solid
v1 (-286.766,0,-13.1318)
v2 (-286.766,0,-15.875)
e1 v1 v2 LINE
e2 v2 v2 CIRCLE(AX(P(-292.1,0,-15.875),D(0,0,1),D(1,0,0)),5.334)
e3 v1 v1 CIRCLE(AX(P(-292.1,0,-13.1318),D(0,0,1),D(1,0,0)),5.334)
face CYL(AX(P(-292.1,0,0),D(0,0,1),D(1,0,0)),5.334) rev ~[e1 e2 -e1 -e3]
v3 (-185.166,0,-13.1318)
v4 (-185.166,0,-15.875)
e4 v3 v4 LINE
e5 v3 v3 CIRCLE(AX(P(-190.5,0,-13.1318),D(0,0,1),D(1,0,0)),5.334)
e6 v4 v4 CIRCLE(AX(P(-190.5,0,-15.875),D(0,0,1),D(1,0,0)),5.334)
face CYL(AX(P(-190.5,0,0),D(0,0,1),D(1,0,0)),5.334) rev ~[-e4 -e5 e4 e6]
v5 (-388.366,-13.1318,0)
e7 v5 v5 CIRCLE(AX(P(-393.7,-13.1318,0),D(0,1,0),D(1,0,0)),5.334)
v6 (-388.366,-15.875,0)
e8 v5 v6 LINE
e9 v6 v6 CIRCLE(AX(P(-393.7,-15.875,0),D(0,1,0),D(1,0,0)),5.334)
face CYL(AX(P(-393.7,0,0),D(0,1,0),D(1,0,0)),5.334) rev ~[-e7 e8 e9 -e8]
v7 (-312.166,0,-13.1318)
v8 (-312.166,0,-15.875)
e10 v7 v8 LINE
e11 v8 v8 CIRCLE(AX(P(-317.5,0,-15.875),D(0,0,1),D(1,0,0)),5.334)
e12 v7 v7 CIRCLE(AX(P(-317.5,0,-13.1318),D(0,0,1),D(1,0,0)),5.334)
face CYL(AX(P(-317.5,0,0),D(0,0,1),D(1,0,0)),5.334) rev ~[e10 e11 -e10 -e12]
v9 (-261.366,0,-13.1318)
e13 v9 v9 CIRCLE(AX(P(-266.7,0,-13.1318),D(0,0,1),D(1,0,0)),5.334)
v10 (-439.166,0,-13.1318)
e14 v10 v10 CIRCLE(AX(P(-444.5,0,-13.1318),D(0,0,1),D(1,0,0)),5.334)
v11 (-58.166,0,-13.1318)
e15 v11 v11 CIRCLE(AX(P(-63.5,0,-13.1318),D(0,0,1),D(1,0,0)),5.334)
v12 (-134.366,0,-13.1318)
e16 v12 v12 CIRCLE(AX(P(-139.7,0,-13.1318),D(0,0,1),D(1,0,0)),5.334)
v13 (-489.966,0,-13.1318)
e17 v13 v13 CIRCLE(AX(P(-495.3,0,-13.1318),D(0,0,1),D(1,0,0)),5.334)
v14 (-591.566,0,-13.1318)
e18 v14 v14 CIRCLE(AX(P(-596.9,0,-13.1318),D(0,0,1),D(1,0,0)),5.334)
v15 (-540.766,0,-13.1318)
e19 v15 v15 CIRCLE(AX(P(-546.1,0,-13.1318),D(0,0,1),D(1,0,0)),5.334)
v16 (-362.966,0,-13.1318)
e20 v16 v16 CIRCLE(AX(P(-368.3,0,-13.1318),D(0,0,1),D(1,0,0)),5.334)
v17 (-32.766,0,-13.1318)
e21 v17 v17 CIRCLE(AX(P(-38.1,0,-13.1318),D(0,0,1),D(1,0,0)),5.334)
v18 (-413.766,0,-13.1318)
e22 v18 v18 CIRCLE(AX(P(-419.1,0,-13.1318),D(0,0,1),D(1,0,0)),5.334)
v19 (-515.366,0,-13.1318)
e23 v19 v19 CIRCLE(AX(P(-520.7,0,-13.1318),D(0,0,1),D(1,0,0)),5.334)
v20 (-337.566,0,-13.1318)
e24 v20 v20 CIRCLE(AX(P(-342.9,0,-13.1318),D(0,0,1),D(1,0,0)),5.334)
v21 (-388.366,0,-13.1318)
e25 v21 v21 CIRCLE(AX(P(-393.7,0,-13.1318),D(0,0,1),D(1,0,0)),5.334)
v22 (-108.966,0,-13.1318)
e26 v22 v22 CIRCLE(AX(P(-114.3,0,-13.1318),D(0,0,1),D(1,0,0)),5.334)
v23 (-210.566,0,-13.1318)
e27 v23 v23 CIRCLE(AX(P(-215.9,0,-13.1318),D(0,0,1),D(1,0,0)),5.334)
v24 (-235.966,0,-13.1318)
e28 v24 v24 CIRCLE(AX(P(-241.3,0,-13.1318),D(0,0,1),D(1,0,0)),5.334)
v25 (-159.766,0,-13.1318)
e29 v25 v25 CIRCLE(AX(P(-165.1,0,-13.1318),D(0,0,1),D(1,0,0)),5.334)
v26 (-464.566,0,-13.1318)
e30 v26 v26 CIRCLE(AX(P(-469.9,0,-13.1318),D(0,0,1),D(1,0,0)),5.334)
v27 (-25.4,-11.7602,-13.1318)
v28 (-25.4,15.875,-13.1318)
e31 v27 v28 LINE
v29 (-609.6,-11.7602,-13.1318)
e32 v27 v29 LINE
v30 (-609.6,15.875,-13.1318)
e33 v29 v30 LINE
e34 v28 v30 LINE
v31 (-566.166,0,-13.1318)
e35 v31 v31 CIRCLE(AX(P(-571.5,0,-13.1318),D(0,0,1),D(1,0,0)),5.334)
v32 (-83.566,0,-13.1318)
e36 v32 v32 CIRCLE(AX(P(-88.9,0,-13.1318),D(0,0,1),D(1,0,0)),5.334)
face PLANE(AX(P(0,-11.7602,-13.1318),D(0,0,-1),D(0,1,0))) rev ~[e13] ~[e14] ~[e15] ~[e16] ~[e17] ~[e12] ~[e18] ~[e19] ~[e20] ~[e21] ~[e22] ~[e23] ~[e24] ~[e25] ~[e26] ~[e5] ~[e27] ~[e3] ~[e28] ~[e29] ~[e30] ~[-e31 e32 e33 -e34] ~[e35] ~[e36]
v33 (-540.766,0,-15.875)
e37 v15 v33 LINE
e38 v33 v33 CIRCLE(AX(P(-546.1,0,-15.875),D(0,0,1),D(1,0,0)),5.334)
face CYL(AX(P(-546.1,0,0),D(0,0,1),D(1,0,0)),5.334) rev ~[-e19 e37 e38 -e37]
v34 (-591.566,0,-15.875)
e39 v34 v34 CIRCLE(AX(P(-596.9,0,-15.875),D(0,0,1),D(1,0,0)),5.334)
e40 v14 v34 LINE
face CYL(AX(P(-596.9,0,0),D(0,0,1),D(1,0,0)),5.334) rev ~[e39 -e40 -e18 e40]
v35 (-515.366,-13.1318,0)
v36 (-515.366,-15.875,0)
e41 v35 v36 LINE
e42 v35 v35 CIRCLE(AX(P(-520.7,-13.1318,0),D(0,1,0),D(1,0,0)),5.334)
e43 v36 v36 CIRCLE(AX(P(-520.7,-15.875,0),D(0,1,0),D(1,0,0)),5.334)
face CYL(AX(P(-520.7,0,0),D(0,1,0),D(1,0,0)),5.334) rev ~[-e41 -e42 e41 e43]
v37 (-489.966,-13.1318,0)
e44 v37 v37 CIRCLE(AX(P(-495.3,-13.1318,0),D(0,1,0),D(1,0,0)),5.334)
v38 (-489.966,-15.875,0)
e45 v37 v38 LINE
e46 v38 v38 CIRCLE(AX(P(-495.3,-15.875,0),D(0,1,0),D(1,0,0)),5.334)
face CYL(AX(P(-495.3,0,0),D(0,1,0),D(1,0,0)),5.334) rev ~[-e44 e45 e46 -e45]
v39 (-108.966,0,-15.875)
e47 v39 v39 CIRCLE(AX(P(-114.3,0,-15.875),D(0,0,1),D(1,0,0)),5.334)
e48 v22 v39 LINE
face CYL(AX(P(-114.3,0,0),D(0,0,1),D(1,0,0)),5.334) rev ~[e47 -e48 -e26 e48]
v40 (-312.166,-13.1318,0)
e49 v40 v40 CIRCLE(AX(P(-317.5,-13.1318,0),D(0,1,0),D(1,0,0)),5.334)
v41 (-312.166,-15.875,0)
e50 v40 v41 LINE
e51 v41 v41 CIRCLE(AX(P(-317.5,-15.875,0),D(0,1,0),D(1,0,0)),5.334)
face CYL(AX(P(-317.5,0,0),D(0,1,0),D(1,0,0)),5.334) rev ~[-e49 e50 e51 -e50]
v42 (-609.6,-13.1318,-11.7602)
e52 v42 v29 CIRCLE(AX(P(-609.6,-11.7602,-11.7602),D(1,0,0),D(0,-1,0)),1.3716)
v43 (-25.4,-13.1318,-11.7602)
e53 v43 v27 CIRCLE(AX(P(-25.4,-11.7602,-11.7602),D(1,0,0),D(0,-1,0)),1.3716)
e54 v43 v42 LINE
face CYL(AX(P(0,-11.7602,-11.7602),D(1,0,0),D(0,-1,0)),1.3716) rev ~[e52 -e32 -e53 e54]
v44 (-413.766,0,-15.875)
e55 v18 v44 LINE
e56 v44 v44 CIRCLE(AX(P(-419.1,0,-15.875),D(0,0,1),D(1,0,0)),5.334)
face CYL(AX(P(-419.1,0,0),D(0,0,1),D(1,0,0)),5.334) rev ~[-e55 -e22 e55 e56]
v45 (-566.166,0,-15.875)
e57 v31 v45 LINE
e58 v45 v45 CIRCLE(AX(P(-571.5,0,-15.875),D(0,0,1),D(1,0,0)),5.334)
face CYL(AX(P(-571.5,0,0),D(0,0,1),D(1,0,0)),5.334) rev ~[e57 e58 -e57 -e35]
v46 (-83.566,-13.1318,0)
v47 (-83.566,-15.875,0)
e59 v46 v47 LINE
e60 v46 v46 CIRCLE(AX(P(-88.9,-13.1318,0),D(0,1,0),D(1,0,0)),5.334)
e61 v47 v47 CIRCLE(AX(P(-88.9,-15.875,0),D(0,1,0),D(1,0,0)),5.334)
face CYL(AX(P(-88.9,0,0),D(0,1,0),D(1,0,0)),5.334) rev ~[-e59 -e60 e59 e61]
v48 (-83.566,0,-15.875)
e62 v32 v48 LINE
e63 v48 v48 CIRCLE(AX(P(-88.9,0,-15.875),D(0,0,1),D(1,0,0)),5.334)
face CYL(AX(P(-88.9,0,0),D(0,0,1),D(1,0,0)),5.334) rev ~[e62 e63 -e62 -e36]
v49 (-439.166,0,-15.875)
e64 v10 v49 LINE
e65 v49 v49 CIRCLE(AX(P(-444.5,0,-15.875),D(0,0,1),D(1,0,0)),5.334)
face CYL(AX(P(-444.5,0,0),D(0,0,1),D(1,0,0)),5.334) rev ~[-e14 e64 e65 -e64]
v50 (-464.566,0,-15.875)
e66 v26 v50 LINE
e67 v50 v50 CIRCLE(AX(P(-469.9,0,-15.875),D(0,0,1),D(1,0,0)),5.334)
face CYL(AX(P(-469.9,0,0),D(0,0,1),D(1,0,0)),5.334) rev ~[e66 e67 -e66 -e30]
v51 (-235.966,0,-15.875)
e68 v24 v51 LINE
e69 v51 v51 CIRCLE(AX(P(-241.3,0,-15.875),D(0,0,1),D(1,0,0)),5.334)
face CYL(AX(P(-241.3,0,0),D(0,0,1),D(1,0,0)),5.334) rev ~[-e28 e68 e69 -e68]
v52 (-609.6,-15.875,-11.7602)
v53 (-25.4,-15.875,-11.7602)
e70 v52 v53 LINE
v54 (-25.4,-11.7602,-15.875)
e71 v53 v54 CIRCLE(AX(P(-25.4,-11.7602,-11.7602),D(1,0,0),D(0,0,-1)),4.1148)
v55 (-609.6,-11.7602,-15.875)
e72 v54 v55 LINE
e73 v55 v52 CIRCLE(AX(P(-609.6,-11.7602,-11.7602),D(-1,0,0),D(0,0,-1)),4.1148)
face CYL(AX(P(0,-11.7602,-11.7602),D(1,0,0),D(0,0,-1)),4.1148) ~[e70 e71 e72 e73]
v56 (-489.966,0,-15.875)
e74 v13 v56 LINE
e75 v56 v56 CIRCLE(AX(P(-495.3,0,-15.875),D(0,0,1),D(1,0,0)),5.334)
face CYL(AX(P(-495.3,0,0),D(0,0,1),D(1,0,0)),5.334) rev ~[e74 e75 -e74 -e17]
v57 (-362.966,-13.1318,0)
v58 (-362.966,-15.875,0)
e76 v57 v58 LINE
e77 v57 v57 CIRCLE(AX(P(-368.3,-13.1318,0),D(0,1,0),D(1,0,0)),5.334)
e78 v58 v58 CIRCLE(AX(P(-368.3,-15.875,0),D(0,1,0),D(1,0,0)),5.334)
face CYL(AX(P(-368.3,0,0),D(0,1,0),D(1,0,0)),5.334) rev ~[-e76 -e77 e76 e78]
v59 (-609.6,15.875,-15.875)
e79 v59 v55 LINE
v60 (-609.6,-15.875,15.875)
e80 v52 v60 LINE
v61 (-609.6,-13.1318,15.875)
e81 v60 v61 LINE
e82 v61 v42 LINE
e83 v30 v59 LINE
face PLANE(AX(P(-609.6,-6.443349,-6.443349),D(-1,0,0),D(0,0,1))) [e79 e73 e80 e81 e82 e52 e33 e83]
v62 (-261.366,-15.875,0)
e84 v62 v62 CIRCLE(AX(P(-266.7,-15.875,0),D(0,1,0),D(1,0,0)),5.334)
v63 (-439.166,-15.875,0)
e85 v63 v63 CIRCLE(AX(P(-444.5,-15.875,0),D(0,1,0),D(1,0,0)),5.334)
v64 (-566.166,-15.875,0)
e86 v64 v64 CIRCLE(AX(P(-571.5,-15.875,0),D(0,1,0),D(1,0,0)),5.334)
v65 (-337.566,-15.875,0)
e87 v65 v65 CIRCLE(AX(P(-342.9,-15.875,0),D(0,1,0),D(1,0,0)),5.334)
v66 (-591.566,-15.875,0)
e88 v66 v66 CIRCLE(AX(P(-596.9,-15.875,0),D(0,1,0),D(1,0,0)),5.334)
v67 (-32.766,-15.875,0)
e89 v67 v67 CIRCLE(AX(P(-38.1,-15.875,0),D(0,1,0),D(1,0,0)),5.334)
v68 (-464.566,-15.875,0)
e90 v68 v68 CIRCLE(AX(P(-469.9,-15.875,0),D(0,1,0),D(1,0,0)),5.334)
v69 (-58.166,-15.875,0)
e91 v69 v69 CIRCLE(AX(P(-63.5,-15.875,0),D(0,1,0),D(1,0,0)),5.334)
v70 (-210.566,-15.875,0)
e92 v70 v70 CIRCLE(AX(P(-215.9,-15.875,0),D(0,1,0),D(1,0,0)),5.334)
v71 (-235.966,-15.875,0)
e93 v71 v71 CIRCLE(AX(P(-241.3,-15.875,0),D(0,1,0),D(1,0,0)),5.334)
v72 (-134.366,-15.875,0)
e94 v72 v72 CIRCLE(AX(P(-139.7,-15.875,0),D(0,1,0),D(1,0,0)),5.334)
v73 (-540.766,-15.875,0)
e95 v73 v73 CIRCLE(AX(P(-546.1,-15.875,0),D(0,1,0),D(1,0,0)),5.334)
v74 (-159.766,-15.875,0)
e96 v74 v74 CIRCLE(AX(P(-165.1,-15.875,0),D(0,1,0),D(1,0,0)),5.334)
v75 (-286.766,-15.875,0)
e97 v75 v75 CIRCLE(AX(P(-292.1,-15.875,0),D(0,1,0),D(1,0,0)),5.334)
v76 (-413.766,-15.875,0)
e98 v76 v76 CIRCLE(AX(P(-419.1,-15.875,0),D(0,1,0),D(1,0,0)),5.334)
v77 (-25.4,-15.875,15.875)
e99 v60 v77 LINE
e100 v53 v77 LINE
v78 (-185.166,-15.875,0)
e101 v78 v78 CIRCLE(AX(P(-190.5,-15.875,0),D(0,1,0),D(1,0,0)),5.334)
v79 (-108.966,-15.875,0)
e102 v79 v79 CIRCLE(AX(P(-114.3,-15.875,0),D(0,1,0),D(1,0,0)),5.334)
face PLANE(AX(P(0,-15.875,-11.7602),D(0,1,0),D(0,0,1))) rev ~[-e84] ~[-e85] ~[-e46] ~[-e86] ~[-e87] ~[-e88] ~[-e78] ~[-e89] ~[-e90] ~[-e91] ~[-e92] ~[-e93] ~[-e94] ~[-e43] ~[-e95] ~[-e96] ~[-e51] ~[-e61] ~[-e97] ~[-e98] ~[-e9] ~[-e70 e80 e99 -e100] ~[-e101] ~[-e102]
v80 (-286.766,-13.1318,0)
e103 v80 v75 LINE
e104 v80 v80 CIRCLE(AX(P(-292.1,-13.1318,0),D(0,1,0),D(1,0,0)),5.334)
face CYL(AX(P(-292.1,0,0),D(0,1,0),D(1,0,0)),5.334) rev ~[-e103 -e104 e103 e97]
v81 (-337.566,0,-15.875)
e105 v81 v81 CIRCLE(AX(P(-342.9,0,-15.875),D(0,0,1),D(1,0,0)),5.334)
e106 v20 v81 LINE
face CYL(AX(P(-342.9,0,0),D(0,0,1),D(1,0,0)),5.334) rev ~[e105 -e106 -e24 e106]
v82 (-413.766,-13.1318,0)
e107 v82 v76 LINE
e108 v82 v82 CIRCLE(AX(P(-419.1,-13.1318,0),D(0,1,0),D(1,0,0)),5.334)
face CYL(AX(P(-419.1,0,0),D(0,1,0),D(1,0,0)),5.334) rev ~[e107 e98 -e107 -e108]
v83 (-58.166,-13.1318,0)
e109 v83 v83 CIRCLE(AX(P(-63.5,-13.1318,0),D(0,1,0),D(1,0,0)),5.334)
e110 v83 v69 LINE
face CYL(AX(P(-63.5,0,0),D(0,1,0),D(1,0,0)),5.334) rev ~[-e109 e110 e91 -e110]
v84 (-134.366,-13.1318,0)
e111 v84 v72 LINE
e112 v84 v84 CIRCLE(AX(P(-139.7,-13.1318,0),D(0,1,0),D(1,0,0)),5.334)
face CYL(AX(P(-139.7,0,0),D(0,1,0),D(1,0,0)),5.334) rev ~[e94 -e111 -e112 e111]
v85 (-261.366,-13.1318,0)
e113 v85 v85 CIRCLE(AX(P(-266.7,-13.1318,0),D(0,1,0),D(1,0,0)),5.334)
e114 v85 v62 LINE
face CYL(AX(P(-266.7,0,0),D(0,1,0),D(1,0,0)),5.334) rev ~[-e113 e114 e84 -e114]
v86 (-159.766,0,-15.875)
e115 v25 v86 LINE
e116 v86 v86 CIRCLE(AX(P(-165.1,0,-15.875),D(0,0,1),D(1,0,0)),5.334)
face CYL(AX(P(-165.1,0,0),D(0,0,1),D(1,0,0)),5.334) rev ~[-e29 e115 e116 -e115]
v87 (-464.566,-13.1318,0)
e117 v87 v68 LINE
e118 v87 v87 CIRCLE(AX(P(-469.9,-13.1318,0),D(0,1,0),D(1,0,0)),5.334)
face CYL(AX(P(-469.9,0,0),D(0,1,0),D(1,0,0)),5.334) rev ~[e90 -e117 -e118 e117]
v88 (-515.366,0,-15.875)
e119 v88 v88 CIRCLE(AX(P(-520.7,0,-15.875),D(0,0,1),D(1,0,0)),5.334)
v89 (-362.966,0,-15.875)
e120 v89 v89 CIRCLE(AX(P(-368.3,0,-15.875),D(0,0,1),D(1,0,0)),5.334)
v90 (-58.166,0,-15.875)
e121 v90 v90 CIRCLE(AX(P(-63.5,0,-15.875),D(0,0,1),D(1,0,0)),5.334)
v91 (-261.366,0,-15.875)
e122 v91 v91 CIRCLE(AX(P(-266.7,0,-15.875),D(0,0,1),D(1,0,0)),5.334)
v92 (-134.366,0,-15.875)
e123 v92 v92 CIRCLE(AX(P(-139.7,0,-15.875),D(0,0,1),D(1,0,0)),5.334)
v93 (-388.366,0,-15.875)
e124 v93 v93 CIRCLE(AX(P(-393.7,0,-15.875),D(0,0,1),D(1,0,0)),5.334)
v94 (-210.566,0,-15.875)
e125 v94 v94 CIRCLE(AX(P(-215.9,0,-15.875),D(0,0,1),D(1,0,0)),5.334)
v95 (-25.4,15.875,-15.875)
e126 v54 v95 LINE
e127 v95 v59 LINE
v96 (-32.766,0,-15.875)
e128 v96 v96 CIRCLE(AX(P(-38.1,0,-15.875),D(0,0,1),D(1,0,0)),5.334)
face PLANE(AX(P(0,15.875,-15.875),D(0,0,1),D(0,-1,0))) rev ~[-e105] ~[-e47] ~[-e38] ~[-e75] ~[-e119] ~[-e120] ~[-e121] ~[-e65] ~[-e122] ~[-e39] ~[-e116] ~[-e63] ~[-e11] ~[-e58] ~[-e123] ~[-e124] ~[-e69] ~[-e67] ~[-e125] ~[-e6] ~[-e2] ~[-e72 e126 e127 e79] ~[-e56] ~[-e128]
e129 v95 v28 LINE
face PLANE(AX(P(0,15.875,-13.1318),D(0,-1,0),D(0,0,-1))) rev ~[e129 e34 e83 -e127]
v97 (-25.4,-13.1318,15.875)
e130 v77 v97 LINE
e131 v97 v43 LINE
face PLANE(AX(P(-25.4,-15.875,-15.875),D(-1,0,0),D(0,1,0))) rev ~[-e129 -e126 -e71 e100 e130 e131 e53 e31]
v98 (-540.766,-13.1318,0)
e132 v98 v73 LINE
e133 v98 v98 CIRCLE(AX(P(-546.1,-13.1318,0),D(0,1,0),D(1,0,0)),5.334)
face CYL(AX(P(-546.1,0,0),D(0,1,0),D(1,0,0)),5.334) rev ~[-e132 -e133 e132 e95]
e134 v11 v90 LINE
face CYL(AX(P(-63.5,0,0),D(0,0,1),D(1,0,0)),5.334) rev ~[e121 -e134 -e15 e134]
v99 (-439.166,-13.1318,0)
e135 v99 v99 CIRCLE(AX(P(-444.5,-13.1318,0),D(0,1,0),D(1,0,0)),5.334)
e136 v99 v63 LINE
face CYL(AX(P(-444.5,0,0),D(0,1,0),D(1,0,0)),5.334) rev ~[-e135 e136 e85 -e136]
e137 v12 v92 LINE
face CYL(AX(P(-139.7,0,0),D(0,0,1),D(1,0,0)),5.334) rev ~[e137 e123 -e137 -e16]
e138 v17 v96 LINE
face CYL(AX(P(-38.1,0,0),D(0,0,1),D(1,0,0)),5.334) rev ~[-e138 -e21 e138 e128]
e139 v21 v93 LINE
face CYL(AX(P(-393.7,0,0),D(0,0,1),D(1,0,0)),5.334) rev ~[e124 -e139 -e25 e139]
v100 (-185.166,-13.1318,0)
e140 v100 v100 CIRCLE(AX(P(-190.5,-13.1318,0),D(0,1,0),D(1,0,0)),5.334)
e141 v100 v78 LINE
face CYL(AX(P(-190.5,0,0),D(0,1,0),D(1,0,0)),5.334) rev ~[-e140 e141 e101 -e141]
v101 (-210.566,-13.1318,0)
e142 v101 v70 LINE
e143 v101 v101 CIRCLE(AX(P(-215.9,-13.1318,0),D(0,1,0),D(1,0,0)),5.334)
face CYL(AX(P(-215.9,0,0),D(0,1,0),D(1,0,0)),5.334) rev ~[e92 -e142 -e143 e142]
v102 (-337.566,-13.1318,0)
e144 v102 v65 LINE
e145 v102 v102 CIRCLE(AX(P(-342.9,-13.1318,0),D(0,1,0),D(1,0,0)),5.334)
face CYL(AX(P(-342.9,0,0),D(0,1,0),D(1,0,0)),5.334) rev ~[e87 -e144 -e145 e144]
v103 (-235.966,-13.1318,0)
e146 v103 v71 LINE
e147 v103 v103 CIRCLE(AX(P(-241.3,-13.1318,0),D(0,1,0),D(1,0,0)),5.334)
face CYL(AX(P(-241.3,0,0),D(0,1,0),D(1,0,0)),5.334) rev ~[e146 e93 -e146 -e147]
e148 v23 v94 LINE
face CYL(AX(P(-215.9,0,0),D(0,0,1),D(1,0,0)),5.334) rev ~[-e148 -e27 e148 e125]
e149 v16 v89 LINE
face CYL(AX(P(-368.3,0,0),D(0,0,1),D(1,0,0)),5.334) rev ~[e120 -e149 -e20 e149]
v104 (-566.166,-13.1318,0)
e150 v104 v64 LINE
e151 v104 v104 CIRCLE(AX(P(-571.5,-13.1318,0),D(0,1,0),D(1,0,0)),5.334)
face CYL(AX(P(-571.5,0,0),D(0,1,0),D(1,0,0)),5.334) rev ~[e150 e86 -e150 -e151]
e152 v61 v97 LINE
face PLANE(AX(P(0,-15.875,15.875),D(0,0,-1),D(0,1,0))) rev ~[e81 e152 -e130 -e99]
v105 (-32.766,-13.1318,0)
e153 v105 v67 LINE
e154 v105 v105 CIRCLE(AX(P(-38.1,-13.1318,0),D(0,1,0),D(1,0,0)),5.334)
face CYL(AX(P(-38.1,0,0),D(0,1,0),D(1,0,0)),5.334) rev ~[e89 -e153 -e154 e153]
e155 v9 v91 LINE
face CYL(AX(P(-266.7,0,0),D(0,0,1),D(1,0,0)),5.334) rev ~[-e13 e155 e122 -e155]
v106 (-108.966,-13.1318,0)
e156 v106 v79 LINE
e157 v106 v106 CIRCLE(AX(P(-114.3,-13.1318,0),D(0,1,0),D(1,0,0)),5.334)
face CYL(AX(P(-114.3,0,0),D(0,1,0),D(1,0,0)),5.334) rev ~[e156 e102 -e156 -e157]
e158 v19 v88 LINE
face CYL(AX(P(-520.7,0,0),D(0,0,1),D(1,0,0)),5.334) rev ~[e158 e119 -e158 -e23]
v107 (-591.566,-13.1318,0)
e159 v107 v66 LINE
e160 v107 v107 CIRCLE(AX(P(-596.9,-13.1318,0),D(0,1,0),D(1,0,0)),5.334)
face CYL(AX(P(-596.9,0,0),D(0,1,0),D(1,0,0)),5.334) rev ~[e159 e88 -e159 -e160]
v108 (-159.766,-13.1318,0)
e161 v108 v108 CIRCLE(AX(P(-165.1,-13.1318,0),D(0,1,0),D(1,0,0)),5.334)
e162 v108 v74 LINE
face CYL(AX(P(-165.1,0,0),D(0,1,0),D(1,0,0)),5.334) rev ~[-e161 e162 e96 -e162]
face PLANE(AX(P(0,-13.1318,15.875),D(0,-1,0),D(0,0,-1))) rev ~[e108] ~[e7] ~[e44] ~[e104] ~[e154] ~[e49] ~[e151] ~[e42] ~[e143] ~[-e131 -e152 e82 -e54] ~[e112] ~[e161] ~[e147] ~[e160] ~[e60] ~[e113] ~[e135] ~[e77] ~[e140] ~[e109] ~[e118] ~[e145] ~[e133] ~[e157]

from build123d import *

# Parameters (mm, degrees)
BOSS_EXTRUDE1_DEPTH      = 609.6
BOSS_EXTRUDE1_DEPTH_BACK = 609.6
SKETCH5_R                = 5.334
CUT_EXTRUDE1_DEPTH       = 16.875
SKETCH6_R                = 5.334
CUT_EXTRUDE2_DEPTH       = 16.875
LPATTERN1_COUNT          = 48
LPATTERN1_PITCH          = 25.4
SKETCH7_W                = 635
SKETCH7_H                = 31.75
CUT_EXTRUDE3_DEPTH       = 70


with BuildPart() as part:
    # Sketch4 → Boss-Extrude1 (new body, two sides)
    with BuildSketch(Plane(origin=(0, 0, 0), x_dir=(0, 0, -1), z_dir=(1, 0, 0))) as boss_extrude1_sk:
        with BuildLine():
            Line((-15.875, -13.1318), (11.7602, -13.1318))
            ThreePointArc((11.7602, -13.1318), (12.730067661, -12.730067661), (13.1318, -11.7602))
            Line((13.1318, -11.7602), (13.1318, 15.875))
            Line((13.1318, 15.875), (15.875, 15.875))
            Line((15.875, 15.875), (15.875, -11.7602))
            ThreePointArc((15.875, -11.7602), (14.669802983, -14.669802983), (11.7602, -15.875))
            Line((11.7602, -15.875), (-15.875, -15.875))
            Line((-15.875, -15.875), (-15.875, -13.1318))
        make_face()
    extrude(amount=BOSS_EXTRUDE1_DEPTH)
    extrude(boss_extrude1_sk.sketch, amount=-BOSS_EXTRUDE1_DEPTH_BACK)

    # Sketch5 → Cut-Extrude1 (cut, through all)
    with BuildSketch(Plane.XY):
        with Locations((596.9, 0)):
            Circle(SKETCH5_R)
    cut_extrude1 = extrude(amount=-CUT_EXTRUDE1_DEPTH, mode=Mode.SUBTRACT)

    # Sketch6 → Cut-Extrude2 (cut, through all)
    with BuildSketch(Plane(origin=(0, 0, 0), x_dir=(1, 0, 0), z_dir=(0, 1, 0))):
        with Locations((596.9, 0)):
            Circle(SKETCH6_R)
    cut_extrude2 = extrude(amount=-CUT_EXTRUDE2_DEPTH, mode=Mode.SUBTRACT)

    # LPattern1: Cut-Extrude1, Cut-Extrude2 ×48
    with Locations(*[(-i * LPATTERN1_PITCH, 0, 0) for i in range(1, LPATTERN1_COUNT)]):
        add(cut_extrude1, mode=Mode.SUBTRACT)
        add(cut_extrude2, mode=Mode.SUBTRACT)

    # Sketch7 → Cut-Extrude3 (cut)
    with BuildSketch(Plane(origin=(0, 0, -15.875), x_dir=(-1, 0, 0), z_dir=(0, 0, -1))):
        with Locations((-292.1, 0)):
            Rectangle(SKETCH7_W, SKETCH7_H)
    extrude(amount=-CUT_EXTRUDE3_DEPTH, mode=Mode.SUBTRACT)


solid = part.part
